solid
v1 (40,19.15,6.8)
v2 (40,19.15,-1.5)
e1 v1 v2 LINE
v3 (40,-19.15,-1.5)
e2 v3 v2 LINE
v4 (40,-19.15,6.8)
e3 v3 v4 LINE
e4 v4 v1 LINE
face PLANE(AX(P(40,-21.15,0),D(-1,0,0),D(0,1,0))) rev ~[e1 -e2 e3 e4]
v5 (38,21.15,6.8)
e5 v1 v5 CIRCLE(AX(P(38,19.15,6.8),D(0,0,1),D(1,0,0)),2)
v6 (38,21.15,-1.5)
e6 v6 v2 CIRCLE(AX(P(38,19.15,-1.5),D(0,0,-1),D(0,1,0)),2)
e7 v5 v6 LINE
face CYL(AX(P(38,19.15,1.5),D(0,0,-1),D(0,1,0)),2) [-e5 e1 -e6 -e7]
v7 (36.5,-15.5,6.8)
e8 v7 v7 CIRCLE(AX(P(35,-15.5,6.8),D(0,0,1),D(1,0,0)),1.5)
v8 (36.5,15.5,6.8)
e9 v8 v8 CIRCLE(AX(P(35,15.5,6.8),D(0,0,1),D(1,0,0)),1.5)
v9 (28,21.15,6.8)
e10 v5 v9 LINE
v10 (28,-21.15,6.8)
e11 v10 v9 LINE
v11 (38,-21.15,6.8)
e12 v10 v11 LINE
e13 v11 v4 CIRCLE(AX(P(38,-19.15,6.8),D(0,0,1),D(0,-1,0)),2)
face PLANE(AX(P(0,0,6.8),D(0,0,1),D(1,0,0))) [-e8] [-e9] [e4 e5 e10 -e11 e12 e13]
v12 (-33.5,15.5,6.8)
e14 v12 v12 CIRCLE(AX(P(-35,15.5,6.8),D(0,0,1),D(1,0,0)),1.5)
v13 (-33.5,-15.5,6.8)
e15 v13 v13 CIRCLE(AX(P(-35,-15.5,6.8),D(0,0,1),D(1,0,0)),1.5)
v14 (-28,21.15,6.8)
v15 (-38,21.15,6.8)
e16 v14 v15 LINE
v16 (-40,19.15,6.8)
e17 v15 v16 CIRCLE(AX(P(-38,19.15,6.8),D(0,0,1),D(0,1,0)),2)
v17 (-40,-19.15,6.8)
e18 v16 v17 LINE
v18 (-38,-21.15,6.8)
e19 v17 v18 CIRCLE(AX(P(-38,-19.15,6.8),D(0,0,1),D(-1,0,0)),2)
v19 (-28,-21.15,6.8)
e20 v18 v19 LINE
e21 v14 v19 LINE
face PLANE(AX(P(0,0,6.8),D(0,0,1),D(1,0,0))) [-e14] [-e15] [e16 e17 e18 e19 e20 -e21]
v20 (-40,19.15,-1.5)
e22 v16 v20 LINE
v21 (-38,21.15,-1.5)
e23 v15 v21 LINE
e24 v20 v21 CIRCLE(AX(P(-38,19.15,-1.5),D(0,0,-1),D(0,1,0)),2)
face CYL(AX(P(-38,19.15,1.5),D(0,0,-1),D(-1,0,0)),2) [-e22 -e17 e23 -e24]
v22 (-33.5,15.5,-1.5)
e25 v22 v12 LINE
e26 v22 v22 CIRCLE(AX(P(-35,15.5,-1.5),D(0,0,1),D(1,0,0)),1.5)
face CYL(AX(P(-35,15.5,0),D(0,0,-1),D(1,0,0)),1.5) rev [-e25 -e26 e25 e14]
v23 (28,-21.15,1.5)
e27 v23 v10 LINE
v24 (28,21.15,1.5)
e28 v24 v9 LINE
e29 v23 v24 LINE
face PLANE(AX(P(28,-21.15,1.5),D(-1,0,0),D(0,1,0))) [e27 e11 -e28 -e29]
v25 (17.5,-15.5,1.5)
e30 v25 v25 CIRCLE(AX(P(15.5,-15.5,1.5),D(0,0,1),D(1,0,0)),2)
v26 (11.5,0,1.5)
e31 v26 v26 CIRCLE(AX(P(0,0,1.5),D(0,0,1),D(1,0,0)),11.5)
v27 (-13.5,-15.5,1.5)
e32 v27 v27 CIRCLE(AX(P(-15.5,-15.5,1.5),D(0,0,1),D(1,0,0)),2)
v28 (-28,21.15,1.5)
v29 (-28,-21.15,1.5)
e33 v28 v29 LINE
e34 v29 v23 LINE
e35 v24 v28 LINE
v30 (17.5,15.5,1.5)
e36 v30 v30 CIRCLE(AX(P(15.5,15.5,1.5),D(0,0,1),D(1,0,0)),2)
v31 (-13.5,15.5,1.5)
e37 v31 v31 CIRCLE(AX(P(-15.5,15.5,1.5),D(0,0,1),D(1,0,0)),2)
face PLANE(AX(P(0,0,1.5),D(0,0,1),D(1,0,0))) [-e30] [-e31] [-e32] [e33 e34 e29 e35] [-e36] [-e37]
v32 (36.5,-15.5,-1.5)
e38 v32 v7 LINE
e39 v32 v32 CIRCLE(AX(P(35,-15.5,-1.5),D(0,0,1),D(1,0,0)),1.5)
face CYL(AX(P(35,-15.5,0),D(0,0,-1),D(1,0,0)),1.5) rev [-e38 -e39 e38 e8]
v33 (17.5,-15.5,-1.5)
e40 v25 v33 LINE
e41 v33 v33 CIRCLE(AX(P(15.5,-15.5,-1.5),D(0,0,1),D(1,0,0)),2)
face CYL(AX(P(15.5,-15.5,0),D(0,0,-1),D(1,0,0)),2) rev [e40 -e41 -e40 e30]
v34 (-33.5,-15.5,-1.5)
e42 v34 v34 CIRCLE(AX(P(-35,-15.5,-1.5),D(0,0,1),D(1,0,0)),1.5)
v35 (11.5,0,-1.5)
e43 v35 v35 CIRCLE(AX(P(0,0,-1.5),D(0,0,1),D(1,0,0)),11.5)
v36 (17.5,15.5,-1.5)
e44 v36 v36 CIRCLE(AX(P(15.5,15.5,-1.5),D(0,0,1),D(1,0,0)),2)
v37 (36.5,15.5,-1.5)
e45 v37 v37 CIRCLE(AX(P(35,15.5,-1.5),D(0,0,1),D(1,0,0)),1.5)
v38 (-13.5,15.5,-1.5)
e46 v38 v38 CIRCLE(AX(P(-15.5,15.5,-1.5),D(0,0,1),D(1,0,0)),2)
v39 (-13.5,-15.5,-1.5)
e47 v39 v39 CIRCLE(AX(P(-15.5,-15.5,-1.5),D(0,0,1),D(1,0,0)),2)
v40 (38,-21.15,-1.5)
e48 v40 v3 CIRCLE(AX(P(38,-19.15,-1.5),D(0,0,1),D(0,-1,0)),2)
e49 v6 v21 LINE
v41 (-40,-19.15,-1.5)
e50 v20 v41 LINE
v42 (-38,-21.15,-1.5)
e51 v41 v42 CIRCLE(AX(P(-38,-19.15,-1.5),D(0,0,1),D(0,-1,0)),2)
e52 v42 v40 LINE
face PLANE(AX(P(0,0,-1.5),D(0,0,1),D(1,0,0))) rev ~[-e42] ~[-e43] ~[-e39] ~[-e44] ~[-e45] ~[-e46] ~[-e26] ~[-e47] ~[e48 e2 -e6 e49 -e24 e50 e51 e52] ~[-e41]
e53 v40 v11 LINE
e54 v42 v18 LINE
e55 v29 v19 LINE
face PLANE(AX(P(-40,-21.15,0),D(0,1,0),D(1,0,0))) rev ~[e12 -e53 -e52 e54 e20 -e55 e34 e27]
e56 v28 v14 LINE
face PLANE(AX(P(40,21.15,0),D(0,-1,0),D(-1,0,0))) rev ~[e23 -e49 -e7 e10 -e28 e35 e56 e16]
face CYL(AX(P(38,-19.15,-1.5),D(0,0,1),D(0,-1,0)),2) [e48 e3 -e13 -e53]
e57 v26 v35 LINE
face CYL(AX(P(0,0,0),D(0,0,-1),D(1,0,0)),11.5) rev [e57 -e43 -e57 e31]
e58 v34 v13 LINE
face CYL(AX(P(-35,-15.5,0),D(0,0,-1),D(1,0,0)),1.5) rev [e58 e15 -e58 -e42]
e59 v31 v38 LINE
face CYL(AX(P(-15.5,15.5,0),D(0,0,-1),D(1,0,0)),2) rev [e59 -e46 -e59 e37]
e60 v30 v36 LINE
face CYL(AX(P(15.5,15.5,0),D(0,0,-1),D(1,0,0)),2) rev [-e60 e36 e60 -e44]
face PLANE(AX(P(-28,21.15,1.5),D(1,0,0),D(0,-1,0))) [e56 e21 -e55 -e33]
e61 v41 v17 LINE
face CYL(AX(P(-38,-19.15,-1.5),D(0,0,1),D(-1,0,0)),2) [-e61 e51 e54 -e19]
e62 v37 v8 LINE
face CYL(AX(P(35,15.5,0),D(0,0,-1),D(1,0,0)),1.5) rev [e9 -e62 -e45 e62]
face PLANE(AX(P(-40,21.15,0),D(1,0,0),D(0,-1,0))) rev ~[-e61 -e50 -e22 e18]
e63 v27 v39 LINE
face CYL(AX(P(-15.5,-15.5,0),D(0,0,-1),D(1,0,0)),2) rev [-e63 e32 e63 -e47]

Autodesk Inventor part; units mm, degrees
ref_plane "YZ Plane" through (0, 0, 0) normal (1, 0, 0) x (0, 1, 0)
ref_plane "XZ Plane" through (0, 0, 0) normal (0, 1, 0) x (-1, 0, 0)
ref_plane "XY Plane" through (0, 0, 0) normal (0, 0, 1) x (1, 0, 0)
sketch "Sketch1" plane through (0, 0, 0) normal (0, 0, 1) x (1, 0, 0)
  line L0 (-40, -21.15) -> (40, -21.15)
  line L1 (40, -21.15) -> (40, 21.15)
  line L2 (40, 21.15) -> (-40, 21.15)
  line L3 (-40, 21.15) -> (-40, -21.15)
  line L4 (-15.5, -15.5) -> (15.5, -15.5) construction
  line L5 (15.5, -15.5) -> (15.5, 15.5) construction
  line L6 (15.5, 15.5) -> (-15.5, 15.5) construction
  line L7 (-15.5, 15.5) -> (-15.5, -15.5) construction
  line L8 (-15.5, -15.5) -> (15.5, 15.5) construction
  line L9 (15.5, -15.5) -> (-15.5, 15.5) construction
  circle A0 centre (-15.5, 15.5) radius 2
  circle A1 centre (15.5, 15.5) radius 2
  circle A2 centre (15.5, -15.5) radius 2
  circle A3 centre (-15.5, -15.5) radius 2
  circle A4 centre (-35, 15.5) radius 1.5
  circle A5 centre (-35, -15.5) radius 1.5
  circle A6 centre (35, -15.5) radius 1.5
  circle A7 centre (35, 15.5) radius 1.5
  circle A8 centre (0, 0) radius 11.5
  point P0 (-40, 0)
  point P1 (0, 21.15)
  dimension "d0" = 80
  dimension "d1" = 42.3
  dimension "d2" = 31
  dimension "d3" = 31
  dimension "d4" = 4
  dimension "d5" = 4
  dimension "d6" = 4
  dimension "d7" = 4
  dimension "d8" = 3
  dimension "d9" = 3
  dimension "d10" = 3
  dimension "d11" = 3
  dimension "d12" = 5
  dimension "d13" = 5
  dimension "d17" = 23
extrude "Extrusion1" add sketch "Sketch1" along normal mid plane 3
fillet "Fillet1" radius 2 4 edges at (-40, -21.15, 0) (-40, 21.15, 0) (40, -21.15, 0) (40, 21.15, 0)
sketch "Sketch2" plane through (0, 0, 1.5) normal (0, 0, 1) x (1, 0, 0)
  arc A0 (40, 19.15) -> (38, 21.15) centre (38, 19.15) ccw projected
  line L0 (38, 21.15) -> (-38, 21.15) projected
  arc A1 (-38, 21.15) -> (-40, 19.15) centre (-38, 19.15) ccw projected
  line L1 (-40, 19.15) -> (-40, -19.15) projected
  arc A2 (-40, -19.15) -> (-38, -21.15) centre (-38, -19.15) ccw projected
  line L2 (-38, -21.15) -> (38, -21.15) projected
  arc A3 (38, -21.15) -> (40, -19.15) centre (38, -19.15) ccw projected
  line L3 (40, -19.15) -> (40, 19.15) projected
  circle A4 centre (0, 0) radius 11.5 projected
  circle A5 centre (-15.5, 15.5) radius 2 projected
  circle A6 centre (15.5, 15.5) radius 2 projected
  circle A7 centre (15.5, -15.5) radius 2 projected
  circle A8 centre (-15.5, -15.5) radius 2 projected
  circle A9 centre (-35, 15.5) radius 1.5 projected
  circle A10 centre (-35, -15.5) radius 1.5 projected
  circle A11 centre (35, -15.5) radius 1.5 projected
  circle A12 centre (35, 15.5) radius 1.5 projected
  line L4 (-38, -21.15) -> (38, -21.15) projected
  line L5 (-28, -21.15) -> (28, -21.15)
  line L6 (28, -21.15) -> (28, 21.15)
  line L7 (28, 21.15) -> (-28, 21.15)
  line L8 (-28, 21.15) -> (-28, -21.15)
  point P0 (-28, 21.15)
  dimension "d18" = 12
  dimension "d19" = 12
extrude "Extrusion2" add sketch "Sketch2" along normal blind 5.3 contours L3 A3 L2 L6 L0 A0 | L8 L2 A2 L1 A1 L0
properties part number "3217a_Stepper Motor Plate_V1" material "Aluminum 6061"
